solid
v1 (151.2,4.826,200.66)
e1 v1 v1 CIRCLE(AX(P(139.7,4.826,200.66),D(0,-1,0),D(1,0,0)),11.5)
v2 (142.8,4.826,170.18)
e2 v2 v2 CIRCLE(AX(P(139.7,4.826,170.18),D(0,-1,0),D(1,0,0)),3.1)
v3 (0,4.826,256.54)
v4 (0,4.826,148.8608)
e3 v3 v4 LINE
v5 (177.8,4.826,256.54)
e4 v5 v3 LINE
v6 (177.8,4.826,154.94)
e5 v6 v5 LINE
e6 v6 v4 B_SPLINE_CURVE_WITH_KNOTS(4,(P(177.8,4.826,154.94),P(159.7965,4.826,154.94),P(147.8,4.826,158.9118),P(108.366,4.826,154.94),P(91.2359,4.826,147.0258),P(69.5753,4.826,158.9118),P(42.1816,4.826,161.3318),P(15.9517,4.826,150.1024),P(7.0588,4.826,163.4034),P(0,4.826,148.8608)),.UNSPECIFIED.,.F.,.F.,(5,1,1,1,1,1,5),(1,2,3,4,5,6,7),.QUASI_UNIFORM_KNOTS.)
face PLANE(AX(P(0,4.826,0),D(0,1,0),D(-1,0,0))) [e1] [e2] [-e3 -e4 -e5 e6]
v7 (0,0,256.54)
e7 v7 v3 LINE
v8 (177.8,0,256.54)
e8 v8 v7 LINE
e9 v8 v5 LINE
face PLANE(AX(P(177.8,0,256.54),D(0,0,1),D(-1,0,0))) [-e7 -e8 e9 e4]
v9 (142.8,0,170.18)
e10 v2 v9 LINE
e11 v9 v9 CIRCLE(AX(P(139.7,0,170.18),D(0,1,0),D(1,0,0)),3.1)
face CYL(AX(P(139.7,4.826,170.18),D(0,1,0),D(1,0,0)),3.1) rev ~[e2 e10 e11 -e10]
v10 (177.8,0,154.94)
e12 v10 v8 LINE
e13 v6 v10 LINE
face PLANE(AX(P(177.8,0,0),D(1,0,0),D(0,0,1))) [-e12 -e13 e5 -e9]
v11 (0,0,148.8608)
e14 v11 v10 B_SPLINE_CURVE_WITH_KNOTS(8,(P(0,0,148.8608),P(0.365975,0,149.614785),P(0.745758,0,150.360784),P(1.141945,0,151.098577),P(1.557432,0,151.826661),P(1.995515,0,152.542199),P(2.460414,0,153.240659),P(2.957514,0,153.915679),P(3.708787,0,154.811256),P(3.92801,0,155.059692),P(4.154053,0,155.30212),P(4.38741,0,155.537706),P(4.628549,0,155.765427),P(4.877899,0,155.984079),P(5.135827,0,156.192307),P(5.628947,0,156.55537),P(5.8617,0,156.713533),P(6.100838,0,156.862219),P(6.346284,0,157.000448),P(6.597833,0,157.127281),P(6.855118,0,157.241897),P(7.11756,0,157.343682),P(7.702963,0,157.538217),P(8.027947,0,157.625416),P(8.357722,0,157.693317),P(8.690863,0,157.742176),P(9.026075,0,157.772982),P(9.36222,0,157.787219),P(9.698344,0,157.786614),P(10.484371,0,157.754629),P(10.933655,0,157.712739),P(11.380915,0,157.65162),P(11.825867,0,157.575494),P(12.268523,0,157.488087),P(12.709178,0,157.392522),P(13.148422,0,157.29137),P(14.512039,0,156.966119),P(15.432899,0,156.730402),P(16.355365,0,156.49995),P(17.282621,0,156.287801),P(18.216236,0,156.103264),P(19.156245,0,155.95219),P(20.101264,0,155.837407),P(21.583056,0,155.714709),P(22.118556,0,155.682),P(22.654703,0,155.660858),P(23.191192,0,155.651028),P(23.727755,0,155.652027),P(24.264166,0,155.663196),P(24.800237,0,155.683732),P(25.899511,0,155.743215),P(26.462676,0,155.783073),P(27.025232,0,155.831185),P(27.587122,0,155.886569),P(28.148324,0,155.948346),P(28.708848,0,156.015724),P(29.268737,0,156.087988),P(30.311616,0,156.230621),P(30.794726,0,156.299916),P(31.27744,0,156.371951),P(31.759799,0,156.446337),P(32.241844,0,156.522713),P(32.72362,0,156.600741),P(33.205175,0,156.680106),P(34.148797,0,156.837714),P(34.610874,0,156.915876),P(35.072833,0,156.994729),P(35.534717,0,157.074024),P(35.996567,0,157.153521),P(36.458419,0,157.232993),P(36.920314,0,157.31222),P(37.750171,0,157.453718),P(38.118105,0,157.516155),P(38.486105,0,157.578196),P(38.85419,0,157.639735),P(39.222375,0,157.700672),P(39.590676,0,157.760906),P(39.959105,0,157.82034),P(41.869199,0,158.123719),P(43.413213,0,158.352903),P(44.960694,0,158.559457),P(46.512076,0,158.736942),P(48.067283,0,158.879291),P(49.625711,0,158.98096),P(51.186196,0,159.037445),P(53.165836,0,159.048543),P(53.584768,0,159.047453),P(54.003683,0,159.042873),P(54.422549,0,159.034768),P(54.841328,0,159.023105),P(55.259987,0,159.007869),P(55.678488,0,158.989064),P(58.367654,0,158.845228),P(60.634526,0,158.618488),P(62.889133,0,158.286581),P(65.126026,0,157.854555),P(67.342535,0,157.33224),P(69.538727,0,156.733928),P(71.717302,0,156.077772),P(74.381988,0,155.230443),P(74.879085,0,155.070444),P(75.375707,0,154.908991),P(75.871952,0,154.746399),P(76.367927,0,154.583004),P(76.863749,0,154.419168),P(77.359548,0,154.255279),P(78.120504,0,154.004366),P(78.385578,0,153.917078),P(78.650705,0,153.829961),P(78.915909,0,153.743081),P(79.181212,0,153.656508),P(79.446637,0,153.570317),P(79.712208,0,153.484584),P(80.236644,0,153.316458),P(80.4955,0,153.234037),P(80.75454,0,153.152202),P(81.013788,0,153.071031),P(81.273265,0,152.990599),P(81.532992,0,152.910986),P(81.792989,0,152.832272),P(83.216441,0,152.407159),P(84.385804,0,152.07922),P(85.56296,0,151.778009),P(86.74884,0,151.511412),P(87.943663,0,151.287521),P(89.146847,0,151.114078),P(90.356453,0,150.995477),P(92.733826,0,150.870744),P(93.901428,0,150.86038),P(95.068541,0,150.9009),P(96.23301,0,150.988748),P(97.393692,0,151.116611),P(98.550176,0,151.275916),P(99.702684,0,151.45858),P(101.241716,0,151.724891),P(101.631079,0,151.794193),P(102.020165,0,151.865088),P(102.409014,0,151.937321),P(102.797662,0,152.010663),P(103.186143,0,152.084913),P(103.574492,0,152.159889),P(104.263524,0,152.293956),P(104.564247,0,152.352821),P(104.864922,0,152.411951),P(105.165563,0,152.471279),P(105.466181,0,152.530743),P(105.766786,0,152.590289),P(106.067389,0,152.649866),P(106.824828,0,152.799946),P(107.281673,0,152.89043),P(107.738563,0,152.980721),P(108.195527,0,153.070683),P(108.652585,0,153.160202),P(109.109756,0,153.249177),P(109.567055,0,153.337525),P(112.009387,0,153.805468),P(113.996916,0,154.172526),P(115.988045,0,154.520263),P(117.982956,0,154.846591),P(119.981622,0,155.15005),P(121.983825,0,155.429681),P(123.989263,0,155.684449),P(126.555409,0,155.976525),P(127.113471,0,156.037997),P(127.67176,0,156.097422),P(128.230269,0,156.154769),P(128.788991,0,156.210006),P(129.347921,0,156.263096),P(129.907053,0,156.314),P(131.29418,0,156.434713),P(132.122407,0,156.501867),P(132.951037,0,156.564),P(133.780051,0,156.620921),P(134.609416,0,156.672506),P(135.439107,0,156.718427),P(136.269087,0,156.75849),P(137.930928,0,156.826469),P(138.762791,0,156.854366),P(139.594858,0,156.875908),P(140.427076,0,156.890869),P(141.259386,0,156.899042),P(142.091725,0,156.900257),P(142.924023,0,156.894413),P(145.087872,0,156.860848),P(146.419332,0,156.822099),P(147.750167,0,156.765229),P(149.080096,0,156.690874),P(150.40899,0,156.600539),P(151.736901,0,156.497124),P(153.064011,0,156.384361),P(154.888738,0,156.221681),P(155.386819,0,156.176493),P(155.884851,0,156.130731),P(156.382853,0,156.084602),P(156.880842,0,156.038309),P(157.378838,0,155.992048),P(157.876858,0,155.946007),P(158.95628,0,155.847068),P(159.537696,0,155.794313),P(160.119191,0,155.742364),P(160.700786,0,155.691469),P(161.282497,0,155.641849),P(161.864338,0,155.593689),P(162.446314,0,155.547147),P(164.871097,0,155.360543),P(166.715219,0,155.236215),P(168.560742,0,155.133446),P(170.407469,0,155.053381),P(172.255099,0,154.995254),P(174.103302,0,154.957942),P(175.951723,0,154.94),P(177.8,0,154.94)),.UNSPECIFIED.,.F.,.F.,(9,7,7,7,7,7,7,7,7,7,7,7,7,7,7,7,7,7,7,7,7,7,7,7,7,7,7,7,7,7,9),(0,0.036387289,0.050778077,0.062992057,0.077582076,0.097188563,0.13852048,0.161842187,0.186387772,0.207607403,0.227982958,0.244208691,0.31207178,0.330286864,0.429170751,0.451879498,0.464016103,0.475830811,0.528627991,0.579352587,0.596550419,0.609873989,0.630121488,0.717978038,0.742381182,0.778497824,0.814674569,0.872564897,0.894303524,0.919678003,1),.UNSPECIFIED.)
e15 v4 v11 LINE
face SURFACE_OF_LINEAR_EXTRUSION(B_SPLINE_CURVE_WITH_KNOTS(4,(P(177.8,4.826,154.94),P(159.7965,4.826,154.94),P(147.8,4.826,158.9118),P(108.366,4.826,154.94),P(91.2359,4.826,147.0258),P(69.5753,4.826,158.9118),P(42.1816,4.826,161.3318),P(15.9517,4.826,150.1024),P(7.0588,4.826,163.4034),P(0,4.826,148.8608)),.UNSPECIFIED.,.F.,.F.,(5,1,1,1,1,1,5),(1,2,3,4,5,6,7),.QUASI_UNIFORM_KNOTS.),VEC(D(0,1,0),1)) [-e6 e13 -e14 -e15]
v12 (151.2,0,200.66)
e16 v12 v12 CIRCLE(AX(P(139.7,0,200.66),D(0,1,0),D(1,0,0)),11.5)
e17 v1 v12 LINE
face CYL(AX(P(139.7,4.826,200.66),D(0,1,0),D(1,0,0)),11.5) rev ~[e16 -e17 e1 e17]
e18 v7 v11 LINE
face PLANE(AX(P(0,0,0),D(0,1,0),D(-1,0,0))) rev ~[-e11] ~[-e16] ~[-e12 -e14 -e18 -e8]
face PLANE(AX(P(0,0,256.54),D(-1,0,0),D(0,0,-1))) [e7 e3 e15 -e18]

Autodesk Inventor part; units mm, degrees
ref_plane "YZ Plane" through (0, 0, 0) normal (1, 0, 0) x (0, 1, 0)
ref_plane "XZ Plane" through (0, 0, 0) normal (0, 1, 0) x (-1, 0, 0)
ref_plane "XY Plane" through (0, 0, 0) normal (0, 0, 1) x (1, 0, 0)
sketch "Sketch1" plane through (0, 0, 0) normal (0, 1, 0) x (-1, 0, 0)
  line L0 (0, 0) -> (-177.8, 0)
  line L1 (-177.8, 0) -> (-177.8, 256.54)
  line L2 (-177.8, 256.54) -> (0, 256.54)
  line L3 (0, 256.54) -> (0, 0)
  dimension "d0" = 177.8
  dimension "d1" = 256.54
extrude "Extrusion1" add sketch "Sketch1" along normal blind 4.826
sketch "Sketch2" plane through (0, 4.826, 0) normal (0, 1, 0) x (1, 0, 0)
  line L0 (0, -256.54) -> (177.8, -256.54) projected
  line L1 (177.8, -256.54) -> (177.8, 0) projected
  line L2 (177.8, 0) -> (0, 0) projected
  line L3 (0, 0) -> (0, -256.54) projected
  line L4 (0, -256.54) -> (177.8, -256.54) projected
  line L5 (177.8, -256.54) -> (177.8, 0) projected
  line L6 (88.9, -256.54) -> (177.8, -256.54)
  line L7 (177.8, -256.54) -> (177.8, -128.27)
  line L8 (177.8, -128.27) -> (88.9, -128.27)
  line L9 (88.9, -128.27) -> (88.9, -256.54)
  line L10 (0, -256.54) -> (177.8, -256.54) projected
  line L11 (88.9, -256.54) -> (0, -256.54)
  line L12 (0, 0) -> (0, -256.54) projected
  line L13 (177.8, 0) -> (0, 0) projected
  line L14 (0, 0) -> (0, -256.54) projected
  line L15 (0, -128.27) -> (50.8, -128.27)
  line L16 (50.8, -128.27) -> (50.8, 0)
  line L17 (50.8, -64.135) -> (177.8, -64.135)
  line L18 (146.05, -51.2875) -> (139.7, -51.2875)
  line L19 (139.7, -64.135) -> (139.7, -228.6)
  line L20 (139.7, -51.2875) -> (139.7, 0)
  line L21 (139.7, 0) -> (139.7, -12.7)
  line L22 (139.7, 0) -> (139.7, -25.4)
  circle A0 centre (139.7, -25.4) radius 10
  line L23 (139.7, -25.4) -> (139.7, -50.8)
  line L24 (139.7, -35.4) -> (139.7, -60.8)
  circle A1 centre (139.7, -56.0525) radius 8.1
  line L25 (139.7, -47.9525) -> (139.7, -56.0525)
  line L26 (139.7, -64.1525) -> (139.7, -84.9525)
  circle A2 centre (139.7, -84.9525) radius 8.1
  line L27 (139.7, -93.0525) -> (139.7, -113.8551)
  circle A3 centre (139.7, -113.8551) radius 8.1
  line L28 (139.7, -228.6) -> (139.7, -200.66)
  circle A4 centre (139.7, -200.66) radius 11.5
  line L29 (114.3, -200.66) -> (139.7, -200.66)
  line L30 (114.0965, -24.8721) -> (73.8465, -24.8721)
  line L31 (73.8465, -24.8721) -> (73.8465, -122.8721)
  line L32 (73.8465, -122.8721) -> (114.0965, -122.8721)
  line L33 (114.0965, -122.8721) -> (114.0965, -24.8721)
  line L34 (139.7, -200.66) -> (139.7, -175.26)
  line L35 (139.7, -175.26) -> (139.7, -170.18)
  circle A5 centre (139.7, -170.18) radius 3.1
  dimension "d14" = 20
  dimension "d18" = 16.2
  dimension "d9" = 50.8
  dimension "d13" = 25.4
  dimension "d17" = 25.4
  dimension "d19" = 8.1
  dimension "d20" = 20.8
  dimension "d22" = 20.8026
  dimension "d23" = 27.94
  dimension "d24" = 23
  dimension "d27" = 25.4
  dimension "d28" = 40.25
  dimension "d29" = 98
  dimension "d30" = 25.4
  dimension "d31" = 5.08
  dimension "d32" = 6.2
extrude "Extrusion3" cut sketch "Sketch2" against normal blind 25.4 contours A4 L19 | L19 L29 A4 | A5 L19 | L19 A5 | A3 L19 | L19 A3 | L31 L30 L33 L17 | L17 L33 L32 L31 | A1 L19 L17 | L17 A1 | L19 A1 L17 | A2 L19 | L19 A2 | A0 L20 | L20 A0 | L19 A4 L29
sketch "Sketch3" plane through (0, 4.826, 0) normal (0, 1, 0) x (1, 0, 0)
  circle A0 centre (139.7, -25.4) radius 10 projected
  circle A1 centre (139.7, -113.8551) radius 8.1 projected
  line L0 (114.0965, -122.8721) -> (73.8465, -122.8721) projected
  line L1 (73.8465, -122.8721) -> (73.8465, -24.8721) projected
  line L2 (73.8465, -24.8721) -> (114.0965, -24.8721) projected
  line L3 (114.0965, -24.8721) -> (114.0965, -122.8721) projected
  circle A2 centre (139.7, -56.0525) radius 8.1 projected
  circle A3 centre (139.7, -84.9525) radius 8.1 projected
  line L4 (177.8, -256.54) -> (177.8, 0) projected
  line L5 (177.8, 0) -> (0, 0) projected
  line L6 (0, 0) -> (0, -256.54) projected
  circle A4 centre (139.7, -200.66) radius 11.5 projected
  circle A5 centre (139.7, -25.4) radius 10 projected
  circle A6 centre (139.7, -113.8551) radius 8.1 projected
  line L7 (114.0965, -122.8721) -> (73.8465, -122.8721) projected
  line L8 (73.8465, -122.8721) -> (73.8465, -24.8721) projected
  line L9 (73.8465, -24.8721) -> (114.0965, -24.8721) projected
  line L10 (114.0965, -24.8721) -> (114.0965, -122.8721) projected
  circle A7 centre (139.7, -56.0525) radius 8.1 projected
  circle A8 centre (139.7, -84.9525) radius 8.1 projected
  circle A9 centre (139.7, -170.18) radius 3.1 projected
  line L11 (0, -256.54) -> (177.8, -256.54) projected
  line L12 (177.8, -256.54) -> (177.8, 0) projected
  line L13 (177.8, 0) -> (0, 0) projected
  line L14 (0, 0) -> (0, -256.54) projected
  line L15 (177.8, -256.54) -> (177.8, 0) projected
  line L16 (177.8, -256.54) -> (177.8, -154.94)
  line L17 (0, 0) -> (0, -256.54) projected
  line L18 (159.7965, -154.94) -> (177.8, -154.94)
  line L19 (177.8, -154.94) -> (159.7965, -154.94) construction
  line L20 (159.7965, -154.94) -> (147.8, -158.9118) construction
  line L21 (147.8, -158.9118) -> (108.366, -154.94) construction
  line L22 (108.366, -154.94) -> (91.2359, -147.0258) construction
  line L23 (91.2359, -147.0258) -> (69.5753, -158.9118) construction
  line L24 (69.5753, -158.9118) -> (42.1816, -161.3318) construction
  line L25 (42.1816, -161.3318) -> (15.9517, -150.1024) construction
  line L26 (15.9517, -150.1024) -> (7.0588, -163.4034) construction
  line L27 (7.0588, -163.4034) -> (0, -148.8608) construction
  spline S0 degree 4 poles (177.8, -154.94) (159.7965, -154.94) (147.8, -158.9118) (108.366, -154.94) (91.2359, -147.0258) (69.5753, -158.9118) (42.1816, -161.3318) (15.9517, -150.1024) (7.0588, -163.4034) (0, -148.8608) knots 1 1 1 1 1 2 3 4 5 6 7 7 7 7 7
  point P0 (0, -148.8608)
  dimension "d33" = 101.6
extrude "Extrusion4" cut sketch "Sketch3" against normal blind 25.4 contours S0 L6 L5 L4
properties part number "component box cover R"
